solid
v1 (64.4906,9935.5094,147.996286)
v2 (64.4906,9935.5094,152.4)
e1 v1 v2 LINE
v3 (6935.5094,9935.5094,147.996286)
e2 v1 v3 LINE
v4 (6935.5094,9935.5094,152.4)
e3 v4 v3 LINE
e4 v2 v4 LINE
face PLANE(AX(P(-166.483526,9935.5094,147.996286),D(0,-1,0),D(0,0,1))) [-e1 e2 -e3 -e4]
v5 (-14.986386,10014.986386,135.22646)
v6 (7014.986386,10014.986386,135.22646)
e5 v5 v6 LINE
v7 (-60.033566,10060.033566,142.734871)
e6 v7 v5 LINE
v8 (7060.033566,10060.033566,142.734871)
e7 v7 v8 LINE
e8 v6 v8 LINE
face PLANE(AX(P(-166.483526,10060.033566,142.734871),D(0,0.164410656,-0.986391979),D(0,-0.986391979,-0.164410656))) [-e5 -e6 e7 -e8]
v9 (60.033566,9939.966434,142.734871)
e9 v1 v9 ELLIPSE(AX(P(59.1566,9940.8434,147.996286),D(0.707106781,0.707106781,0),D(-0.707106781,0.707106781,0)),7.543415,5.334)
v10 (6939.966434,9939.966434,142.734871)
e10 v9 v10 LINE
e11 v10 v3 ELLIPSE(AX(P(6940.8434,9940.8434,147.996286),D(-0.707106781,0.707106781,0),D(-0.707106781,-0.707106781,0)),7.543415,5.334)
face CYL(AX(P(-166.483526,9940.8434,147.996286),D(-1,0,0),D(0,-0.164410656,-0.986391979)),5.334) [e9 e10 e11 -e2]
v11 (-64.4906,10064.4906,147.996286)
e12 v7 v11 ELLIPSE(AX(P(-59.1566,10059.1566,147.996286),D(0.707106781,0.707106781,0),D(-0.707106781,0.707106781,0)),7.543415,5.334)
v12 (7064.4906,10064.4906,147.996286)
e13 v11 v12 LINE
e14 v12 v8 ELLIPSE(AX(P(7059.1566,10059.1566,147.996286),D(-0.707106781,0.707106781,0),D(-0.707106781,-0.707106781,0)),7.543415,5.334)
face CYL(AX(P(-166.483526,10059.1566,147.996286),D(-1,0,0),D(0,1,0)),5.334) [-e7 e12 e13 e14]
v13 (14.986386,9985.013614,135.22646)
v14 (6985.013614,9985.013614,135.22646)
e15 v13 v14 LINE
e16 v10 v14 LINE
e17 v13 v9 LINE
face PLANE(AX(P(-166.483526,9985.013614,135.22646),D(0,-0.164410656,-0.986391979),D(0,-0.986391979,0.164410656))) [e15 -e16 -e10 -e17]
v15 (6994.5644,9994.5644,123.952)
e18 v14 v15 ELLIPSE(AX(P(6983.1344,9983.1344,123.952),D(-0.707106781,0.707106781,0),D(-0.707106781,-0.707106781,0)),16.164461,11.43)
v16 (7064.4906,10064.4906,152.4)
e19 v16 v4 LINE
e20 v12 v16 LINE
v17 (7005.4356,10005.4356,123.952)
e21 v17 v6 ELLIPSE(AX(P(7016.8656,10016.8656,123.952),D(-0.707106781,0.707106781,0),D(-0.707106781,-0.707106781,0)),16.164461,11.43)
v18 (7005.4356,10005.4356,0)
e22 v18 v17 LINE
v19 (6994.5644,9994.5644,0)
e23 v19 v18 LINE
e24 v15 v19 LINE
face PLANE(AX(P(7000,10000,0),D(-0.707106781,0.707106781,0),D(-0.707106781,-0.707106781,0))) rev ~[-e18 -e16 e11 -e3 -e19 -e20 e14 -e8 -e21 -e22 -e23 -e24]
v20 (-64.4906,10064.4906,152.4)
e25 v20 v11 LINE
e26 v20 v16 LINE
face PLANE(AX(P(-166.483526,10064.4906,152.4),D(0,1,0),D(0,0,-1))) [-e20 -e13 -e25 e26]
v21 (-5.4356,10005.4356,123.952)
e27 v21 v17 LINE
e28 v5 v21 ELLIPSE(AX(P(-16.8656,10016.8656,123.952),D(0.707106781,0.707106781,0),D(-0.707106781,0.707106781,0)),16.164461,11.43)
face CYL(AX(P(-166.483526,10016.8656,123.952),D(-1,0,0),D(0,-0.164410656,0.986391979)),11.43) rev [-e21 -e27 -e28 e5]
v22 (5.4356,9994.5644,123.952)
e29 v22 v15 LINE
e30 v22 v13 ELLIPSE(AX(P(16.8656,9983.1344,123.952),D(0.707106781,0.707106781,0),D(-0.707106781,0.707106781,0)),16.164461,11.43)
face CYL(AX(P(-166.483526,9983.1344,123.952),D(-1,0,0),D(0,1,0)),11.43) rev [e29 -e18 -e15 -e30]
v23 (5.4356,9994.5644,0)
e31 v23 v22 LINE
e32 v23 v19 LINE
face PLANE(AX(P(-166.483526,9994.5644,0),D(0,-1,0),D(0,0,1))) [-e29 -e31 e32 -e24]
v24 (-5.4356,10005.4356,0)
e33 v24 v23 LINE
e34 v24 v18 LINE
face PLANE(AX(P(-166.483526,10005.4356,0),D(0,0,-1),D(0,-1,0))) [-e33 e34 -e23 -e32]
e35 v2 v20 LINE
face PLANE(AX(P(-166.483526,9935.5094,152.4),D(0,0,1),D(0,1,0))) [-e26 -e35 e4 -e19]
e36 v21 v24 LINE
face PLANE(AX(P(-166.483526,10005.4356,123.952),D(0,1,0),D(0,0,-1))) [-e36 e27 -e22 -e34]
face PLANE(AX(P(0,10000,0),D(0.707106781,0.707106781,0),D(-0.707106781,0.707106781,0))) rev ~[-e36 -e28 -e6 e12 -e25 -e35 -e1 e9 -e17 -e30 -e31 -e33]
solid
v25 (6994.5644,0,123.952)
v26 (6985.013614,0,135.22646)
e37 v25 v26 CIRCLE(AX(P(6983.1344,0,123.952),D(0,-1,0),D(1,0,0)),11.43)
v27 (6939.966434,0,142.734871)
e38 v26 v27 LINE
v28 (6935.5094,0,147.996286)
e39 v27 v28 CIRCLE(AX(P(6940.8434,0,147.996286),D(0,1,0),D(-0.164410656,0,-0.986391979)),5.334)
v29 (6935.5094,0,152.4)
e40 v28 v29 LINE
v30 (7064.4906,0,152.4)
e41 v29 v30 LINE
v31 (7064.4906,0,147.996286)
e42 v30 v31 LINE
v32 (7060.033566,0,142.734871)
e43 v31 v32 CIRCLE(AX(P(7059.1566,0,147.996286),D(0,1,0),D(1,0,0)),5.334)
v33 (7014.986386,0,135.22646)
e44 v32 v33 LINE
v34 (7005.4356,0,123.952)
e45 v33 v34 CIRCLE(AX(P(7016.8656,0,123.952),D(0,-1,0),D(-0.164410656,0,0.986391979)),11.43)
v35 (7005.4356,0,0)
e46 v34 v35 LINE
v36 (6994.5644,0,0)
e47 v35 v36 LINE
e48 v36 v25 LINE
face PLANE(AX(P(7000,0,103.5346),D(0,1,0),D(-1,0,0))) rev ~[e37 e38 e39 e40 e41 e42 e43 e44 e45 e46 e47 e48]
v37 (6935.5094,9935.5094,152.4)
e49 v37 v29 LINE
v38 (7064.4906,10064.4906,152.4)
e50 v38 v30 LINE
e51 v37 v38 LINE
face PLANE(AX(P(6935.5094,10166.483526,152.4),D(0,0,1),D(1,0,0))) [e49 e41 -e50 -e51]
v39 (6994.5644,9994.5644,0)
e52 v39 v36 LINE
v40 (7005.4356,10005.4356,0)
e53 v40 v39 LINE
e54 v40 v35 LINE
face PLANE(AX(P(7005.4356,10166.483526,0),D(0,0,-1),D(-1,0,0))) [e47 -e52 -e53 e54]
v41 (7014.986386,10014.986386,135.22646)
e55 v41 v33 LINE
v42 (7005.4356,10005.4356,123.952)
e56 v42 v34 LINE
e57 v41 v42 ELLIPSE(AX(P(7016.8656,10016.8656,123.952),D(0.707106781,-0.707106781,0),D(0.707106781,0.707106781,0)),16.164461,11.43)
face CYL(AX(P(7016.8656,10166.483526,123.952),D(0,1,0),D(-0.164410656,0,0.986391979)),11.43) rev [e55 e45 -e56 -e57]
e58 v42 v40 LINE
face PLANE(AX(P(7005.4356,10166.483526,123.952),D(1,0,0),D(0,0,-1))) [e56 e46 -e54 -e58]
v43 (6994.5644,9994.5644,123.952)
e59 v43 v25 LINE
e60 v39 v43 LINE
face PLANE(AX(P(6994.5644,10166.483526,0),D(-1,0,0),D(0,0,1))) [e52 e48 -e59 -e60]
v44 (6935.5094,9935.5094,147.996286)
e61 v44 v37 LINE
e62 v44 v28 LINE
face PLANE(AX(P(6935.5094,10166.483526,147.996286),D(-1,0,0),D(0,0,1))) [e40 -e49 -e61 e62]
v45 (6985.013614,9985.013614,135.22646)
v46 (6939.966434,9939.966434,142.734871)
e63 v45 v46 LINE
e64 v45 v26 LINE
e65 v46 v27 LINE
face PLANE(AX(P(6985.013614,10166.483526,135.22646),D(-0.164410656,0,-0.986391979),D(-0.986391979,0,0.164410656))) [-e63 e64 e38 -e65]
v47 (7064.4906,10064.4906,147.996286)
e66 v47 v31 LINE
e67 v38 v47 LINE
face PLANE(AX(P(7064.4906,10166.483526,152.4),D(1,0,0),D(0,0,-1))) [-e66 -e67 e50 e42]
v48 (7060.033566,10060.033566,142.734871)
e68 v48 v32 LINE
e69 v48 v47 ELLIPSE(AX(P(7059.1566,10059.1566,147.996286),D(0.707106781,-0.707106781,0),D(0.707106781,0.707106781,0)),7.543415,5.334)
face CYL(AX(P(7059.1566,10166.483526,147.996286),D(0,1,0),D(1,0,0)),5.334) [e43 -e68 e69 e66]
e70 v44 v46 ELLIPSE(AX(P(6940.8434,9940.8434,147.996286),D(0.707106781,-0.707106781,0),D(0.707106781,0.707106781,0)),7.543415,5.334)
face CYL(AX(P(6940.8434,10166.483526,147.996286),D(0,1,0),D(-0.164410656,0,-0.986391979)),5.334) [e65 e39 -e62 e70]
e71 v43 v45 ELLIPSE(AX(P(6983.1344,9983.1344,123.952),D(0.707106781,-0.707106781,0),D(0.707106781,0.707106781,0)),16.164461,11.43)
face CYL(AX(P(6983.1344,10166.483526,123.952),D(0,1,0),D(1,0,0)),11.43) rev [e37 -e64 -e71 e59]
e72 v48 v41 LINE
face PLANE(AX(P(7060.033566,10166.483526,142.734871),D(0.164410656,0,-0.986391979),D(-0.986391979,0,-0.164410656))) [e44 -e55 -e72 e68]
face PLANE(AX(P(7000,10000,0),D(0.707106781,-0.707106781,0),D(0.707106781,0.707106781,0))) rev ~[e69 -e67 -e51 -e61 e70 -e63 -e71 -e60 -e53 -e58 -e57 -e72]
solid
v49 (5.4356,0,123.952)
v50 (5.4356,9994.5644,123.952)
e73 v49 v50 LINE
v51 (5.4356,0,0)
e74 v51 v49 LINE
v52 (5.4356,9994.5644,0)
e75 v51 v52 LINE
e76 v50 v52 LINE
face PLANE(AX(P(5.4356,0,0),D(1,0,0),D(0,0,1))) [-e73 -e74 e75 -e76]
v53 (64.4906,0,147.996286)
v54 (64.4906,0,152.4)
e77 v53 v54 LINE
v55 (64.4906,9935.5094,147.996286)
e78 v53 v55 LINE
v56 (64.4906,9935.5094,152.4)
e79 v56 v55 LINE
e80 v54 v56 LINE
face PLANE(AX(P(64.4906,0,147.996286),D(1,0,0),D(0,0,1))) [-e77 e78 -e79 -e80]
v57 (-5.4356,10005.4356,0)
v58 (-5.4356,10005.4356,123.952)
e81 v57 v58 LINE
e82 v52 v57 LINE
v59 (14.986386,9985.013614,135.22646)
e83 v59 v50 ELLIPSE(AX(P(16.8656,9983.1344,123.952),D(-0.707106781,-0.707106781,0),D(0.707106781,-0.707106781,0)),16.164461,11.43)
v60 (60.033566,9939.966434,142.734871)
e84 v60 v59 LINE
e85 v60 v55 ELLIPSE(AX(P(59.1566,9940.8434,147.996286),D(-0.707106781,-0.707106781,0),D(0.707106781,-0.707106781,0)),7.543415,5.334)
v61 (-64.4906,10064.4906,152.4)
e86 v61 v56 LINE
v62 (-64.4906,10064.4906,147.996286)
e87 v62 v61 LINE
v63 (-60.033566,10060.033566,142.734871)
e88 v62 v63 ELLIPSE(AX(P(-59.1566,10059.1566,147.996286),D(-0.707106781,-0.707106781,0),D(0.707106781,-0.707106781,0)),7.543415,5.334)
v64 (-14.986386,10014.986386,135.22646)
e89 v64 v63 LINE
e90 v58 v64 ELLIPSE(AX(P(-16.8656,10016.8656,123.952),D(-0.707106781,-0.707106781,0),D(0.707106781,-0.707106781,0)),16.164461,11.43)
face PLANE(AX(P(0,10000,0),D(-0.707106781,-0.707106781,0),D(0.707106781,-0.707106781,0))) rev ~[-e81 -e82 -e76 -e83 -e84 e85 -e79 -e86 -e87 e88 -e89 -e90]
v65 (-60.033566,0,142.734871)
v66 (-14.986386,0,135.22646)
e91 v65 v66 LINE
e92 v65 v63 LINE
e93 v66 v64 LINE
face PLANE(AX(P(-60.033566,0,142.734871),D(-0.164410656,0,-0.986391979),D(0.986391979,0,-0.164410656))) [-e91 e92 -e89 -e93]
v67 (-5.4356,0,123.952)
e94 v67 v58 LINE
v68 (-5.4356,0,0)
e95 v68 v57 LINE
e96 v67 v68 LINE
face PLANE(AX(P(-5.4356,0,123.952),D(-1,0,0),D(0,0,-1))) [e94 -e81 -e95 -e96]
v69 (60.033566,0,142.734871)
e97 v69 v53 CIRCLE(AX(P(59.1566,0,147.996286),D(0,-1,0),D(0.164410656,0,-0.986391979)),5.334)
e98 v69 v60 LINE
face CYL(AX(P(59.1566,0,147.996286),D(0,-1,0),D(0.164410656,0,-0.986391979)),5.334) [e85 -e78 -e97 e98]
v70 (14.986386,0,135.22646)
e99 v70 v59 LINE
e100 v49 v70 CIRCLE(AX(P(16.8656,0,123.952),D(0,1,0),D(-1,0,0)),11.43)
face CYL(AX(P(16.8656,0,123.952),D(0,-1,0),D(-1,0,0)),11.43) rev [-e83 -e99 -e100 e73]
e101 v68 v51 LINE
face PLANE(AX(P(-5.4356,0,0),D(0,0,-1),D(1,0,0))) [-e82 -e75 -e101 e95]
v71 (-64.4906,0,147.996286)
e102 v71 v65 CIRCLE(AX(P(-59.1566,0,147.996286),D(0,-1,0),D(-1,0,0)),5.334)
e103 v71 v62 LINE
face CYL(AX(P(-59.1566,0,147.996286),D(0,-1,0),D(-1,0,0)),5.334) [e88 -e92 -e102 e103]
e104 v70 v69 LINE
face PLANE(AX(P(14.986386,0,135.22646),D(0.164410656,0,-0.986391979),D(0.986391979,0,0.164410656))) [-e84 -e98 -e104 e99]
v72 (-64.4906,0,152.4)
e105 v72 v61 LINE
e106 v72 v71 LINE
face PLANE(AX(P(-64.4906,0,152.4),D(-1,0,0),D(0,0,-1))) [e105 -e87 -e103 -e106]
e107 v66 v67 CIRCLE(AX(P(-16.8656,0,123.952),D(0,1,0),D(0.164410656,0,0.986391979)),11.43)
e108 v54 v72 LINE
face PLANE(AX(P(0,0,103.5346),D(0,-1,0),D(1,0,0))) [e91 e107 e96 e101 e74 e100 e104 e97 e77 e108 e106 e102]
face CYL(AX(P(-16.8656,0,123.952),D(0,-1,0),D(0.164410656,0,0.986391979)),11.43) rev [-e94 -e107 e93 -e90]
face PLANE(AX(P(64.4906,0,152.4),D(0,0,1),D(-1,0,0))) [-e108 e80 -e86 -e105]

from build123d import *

# Parameters (mm, degrees)
ST_SECTION_ST6X17_5_1_DEPTH   = 10166.483526335
ST_SECTION_ST6X17_5_1_2_DEPTH = 7332.967052671
ST_SECTION_ST6X17_5_1_3_DEPTH = 10166.483526336


with BuildPart() as part:
    # Sketch11 → St section ST6X17.5(1) (new body)
    with BuildSketch(Plane(origin=(0, 0, 0), x_dir=(-1, 0, 0), z_dir=(0, 1, 0))):
        with BuildLine():
            Line((-64.4906, 152.4), (64.4906, 152.4))
            Line((64.4906, 152.4), (64.4906, 147.996286207))
            ThreePointArc((64.4906, 147.996286207), (63.226568979, 144.548546584), (60.033566439, 142.734871391))
            Line((60.033566439, 142.734871391), (14.986386201, 135.22646032))
            ThreePointArc((14.986386201, 135.22646032), (8.144237901, 131.340013477), (5.4356, 123.952))
            Line((5.4356, 123.952), (5.4356, 0))
            Line((5.4356, 0), (-5.4356, 0))
            Line((-5.4356, 0), (-5.4356, 123.952))
            ThreePointArc((-5.4356, 123.952), (-8.144237901, 131.340013477), (-14.986386201, 135.22646032))
            Line((-14.986386201, 135.22646032), (-60.033566439, 142.734871391))
            ThreePointArc((-60.033566439, 142.734871391), (-63.226568979, 144.548546584), (-64.4906, 147.996286207))
            Line((-64.4906, 147.996286207), (-64.4906, 152.4))
        make_face()
    extrude(amount=ST_SECTION_ST6X17_5_1_DEPTH)

    # St section ST6X17.5(1) mitre 1
    split(bisect_by=Plane(origin=(0, 10000, 0), x_dir=(0.707106781, -0.707106781, 0), z_dir=(-0.707106781, -0.707106781, 0)), keep=Keep.TOP)


with BuildPart() as body_2:
    # Sketch11 on segment 2 (carried to segment 2) → St section ST6X17.5_1 2 (new body)
    with BuildSketch(Plane(origin=(-166.483526335, 10000, 0), x_dir=(0, 1, 0), z_dir=(1, 0, 0))):
        with BuildLine():
            Line((-64.4906, 152.4), (64.4906, 152.4))
            Line((64.4906, 152.4), (64.4906, 147.996286207))
            ThreePointArc((64.4906, 147.996286207), (63.226568979, 144.548546584), (60.033566439, 142.734871391))
            Line((60.033566439, 142.734871391), (14.986386201, 135.22646032))
            ThreePointArc((14.986386201, 135.22646032), (8.144237901, 131.340013477), (5.4356, 123.952))
            Line((5.4356, 123.952), (5.4356, 0))
            Line((5.4356, 0), (-5.4356, 0))
            Line((-5.4356, 0), (-5.4356, 123.952))
            ThreePointArc((-5.4356, 123.952), (-8.144237901, 131.340013477), (-14.986386201, 135.22646032))
            Line((-14.986386201, 135.22646032), (-60.033566439, 142.734871391))
            ThreePointArc((-60.033566439, 142.734871391), (-63.226568979, 144.548546584), (-64.4906, 147.996286207))
            Line((-64.4906, 147.996286207), (-64.4906, 152.4))
        make_face()
    extrude(amount=ST_SECTION_ST6X17_5_1_2_DEPTH)

    # St section ST6X17.5_1 2 mitre 1
    split(bisect_by=Plane(origin=(0, 10000, 0), x_dir=(-0.707106781, 0.707106781, 0), z_dir=(0.707106781, 0.707106781, 0)), keep=Keep.TOP)

    # St section ST6X17.5_1 2 mitre 2
    split(bisect_by=Plane(origin=(7000, 10000, 0), x_dir=(-0.707106781, -0.707106781, 0), z_dir=(-0.707106781, 0.707106781, 0)), keep=Keep.TOP)


with BuildPart() as body_3:
    # Sketch11 on segment 3 (carried to segment 3) → St section ST6X17.5_1 3 (new body)
    with BuildSketch(Plane(origin=(7000, 10166.483526335, 0), x_dir=(1, 0, 0), z_dir=(0, -1, 0))):
        with BuildLine():
            Line((-64.4906, 152.4), (64.4906, 152.4))
            Line((64.4906, 152.4), (64.4906, 147.996286207))
            ThreePointArc((64.4906, 147.996286207), (63.226568979, 144.548546584), (60.033566439, 142.734871391))
            Line((60.033566439, 142.734871391), (14.986386201, 135.22646032))
            ThreePointArc((14.986386201, 135.22646032), (8.144237901, 131.340013477), (5.4356, 123.952))
            Line((5.4356, 123.952), (5.4356, 0))
            Line((5.4356, 0), (-5.4356, 0))
            Line((-5.4356, 0), (-5.4356, 123.952))
            ThreePointArc((-5.4356, 123.952), (-8.144237901, 131.340013477), (-14.986386201, 135.22646032))
            Line((-14.986386201, 135.22646032), (-60.033566439, 142.734871391))
            ThreePointArc((-60.033566439, 142.734871391), (-63.226568979, 144.548546584), (-64.4906, 147.996286207))
            Line((-64.4906, 147.996286207), (-64.4906, 152.4))
        make_face()
    extrude(amount=ST_SECTION_ST6X17_5_1_3_DEPTH)

    # St section ST6X17.5_1 3 mitre 1
    split(bisect_by=Plane(origin=(7000, 10000, 0), x_dir=(0.707106781, 0.707106781, 0), z_dir=(0.707106781, -0.707106781, 0)), keep=Keep.TOP)


solid = Compound([part.part, body_2.part, body_3.part])
